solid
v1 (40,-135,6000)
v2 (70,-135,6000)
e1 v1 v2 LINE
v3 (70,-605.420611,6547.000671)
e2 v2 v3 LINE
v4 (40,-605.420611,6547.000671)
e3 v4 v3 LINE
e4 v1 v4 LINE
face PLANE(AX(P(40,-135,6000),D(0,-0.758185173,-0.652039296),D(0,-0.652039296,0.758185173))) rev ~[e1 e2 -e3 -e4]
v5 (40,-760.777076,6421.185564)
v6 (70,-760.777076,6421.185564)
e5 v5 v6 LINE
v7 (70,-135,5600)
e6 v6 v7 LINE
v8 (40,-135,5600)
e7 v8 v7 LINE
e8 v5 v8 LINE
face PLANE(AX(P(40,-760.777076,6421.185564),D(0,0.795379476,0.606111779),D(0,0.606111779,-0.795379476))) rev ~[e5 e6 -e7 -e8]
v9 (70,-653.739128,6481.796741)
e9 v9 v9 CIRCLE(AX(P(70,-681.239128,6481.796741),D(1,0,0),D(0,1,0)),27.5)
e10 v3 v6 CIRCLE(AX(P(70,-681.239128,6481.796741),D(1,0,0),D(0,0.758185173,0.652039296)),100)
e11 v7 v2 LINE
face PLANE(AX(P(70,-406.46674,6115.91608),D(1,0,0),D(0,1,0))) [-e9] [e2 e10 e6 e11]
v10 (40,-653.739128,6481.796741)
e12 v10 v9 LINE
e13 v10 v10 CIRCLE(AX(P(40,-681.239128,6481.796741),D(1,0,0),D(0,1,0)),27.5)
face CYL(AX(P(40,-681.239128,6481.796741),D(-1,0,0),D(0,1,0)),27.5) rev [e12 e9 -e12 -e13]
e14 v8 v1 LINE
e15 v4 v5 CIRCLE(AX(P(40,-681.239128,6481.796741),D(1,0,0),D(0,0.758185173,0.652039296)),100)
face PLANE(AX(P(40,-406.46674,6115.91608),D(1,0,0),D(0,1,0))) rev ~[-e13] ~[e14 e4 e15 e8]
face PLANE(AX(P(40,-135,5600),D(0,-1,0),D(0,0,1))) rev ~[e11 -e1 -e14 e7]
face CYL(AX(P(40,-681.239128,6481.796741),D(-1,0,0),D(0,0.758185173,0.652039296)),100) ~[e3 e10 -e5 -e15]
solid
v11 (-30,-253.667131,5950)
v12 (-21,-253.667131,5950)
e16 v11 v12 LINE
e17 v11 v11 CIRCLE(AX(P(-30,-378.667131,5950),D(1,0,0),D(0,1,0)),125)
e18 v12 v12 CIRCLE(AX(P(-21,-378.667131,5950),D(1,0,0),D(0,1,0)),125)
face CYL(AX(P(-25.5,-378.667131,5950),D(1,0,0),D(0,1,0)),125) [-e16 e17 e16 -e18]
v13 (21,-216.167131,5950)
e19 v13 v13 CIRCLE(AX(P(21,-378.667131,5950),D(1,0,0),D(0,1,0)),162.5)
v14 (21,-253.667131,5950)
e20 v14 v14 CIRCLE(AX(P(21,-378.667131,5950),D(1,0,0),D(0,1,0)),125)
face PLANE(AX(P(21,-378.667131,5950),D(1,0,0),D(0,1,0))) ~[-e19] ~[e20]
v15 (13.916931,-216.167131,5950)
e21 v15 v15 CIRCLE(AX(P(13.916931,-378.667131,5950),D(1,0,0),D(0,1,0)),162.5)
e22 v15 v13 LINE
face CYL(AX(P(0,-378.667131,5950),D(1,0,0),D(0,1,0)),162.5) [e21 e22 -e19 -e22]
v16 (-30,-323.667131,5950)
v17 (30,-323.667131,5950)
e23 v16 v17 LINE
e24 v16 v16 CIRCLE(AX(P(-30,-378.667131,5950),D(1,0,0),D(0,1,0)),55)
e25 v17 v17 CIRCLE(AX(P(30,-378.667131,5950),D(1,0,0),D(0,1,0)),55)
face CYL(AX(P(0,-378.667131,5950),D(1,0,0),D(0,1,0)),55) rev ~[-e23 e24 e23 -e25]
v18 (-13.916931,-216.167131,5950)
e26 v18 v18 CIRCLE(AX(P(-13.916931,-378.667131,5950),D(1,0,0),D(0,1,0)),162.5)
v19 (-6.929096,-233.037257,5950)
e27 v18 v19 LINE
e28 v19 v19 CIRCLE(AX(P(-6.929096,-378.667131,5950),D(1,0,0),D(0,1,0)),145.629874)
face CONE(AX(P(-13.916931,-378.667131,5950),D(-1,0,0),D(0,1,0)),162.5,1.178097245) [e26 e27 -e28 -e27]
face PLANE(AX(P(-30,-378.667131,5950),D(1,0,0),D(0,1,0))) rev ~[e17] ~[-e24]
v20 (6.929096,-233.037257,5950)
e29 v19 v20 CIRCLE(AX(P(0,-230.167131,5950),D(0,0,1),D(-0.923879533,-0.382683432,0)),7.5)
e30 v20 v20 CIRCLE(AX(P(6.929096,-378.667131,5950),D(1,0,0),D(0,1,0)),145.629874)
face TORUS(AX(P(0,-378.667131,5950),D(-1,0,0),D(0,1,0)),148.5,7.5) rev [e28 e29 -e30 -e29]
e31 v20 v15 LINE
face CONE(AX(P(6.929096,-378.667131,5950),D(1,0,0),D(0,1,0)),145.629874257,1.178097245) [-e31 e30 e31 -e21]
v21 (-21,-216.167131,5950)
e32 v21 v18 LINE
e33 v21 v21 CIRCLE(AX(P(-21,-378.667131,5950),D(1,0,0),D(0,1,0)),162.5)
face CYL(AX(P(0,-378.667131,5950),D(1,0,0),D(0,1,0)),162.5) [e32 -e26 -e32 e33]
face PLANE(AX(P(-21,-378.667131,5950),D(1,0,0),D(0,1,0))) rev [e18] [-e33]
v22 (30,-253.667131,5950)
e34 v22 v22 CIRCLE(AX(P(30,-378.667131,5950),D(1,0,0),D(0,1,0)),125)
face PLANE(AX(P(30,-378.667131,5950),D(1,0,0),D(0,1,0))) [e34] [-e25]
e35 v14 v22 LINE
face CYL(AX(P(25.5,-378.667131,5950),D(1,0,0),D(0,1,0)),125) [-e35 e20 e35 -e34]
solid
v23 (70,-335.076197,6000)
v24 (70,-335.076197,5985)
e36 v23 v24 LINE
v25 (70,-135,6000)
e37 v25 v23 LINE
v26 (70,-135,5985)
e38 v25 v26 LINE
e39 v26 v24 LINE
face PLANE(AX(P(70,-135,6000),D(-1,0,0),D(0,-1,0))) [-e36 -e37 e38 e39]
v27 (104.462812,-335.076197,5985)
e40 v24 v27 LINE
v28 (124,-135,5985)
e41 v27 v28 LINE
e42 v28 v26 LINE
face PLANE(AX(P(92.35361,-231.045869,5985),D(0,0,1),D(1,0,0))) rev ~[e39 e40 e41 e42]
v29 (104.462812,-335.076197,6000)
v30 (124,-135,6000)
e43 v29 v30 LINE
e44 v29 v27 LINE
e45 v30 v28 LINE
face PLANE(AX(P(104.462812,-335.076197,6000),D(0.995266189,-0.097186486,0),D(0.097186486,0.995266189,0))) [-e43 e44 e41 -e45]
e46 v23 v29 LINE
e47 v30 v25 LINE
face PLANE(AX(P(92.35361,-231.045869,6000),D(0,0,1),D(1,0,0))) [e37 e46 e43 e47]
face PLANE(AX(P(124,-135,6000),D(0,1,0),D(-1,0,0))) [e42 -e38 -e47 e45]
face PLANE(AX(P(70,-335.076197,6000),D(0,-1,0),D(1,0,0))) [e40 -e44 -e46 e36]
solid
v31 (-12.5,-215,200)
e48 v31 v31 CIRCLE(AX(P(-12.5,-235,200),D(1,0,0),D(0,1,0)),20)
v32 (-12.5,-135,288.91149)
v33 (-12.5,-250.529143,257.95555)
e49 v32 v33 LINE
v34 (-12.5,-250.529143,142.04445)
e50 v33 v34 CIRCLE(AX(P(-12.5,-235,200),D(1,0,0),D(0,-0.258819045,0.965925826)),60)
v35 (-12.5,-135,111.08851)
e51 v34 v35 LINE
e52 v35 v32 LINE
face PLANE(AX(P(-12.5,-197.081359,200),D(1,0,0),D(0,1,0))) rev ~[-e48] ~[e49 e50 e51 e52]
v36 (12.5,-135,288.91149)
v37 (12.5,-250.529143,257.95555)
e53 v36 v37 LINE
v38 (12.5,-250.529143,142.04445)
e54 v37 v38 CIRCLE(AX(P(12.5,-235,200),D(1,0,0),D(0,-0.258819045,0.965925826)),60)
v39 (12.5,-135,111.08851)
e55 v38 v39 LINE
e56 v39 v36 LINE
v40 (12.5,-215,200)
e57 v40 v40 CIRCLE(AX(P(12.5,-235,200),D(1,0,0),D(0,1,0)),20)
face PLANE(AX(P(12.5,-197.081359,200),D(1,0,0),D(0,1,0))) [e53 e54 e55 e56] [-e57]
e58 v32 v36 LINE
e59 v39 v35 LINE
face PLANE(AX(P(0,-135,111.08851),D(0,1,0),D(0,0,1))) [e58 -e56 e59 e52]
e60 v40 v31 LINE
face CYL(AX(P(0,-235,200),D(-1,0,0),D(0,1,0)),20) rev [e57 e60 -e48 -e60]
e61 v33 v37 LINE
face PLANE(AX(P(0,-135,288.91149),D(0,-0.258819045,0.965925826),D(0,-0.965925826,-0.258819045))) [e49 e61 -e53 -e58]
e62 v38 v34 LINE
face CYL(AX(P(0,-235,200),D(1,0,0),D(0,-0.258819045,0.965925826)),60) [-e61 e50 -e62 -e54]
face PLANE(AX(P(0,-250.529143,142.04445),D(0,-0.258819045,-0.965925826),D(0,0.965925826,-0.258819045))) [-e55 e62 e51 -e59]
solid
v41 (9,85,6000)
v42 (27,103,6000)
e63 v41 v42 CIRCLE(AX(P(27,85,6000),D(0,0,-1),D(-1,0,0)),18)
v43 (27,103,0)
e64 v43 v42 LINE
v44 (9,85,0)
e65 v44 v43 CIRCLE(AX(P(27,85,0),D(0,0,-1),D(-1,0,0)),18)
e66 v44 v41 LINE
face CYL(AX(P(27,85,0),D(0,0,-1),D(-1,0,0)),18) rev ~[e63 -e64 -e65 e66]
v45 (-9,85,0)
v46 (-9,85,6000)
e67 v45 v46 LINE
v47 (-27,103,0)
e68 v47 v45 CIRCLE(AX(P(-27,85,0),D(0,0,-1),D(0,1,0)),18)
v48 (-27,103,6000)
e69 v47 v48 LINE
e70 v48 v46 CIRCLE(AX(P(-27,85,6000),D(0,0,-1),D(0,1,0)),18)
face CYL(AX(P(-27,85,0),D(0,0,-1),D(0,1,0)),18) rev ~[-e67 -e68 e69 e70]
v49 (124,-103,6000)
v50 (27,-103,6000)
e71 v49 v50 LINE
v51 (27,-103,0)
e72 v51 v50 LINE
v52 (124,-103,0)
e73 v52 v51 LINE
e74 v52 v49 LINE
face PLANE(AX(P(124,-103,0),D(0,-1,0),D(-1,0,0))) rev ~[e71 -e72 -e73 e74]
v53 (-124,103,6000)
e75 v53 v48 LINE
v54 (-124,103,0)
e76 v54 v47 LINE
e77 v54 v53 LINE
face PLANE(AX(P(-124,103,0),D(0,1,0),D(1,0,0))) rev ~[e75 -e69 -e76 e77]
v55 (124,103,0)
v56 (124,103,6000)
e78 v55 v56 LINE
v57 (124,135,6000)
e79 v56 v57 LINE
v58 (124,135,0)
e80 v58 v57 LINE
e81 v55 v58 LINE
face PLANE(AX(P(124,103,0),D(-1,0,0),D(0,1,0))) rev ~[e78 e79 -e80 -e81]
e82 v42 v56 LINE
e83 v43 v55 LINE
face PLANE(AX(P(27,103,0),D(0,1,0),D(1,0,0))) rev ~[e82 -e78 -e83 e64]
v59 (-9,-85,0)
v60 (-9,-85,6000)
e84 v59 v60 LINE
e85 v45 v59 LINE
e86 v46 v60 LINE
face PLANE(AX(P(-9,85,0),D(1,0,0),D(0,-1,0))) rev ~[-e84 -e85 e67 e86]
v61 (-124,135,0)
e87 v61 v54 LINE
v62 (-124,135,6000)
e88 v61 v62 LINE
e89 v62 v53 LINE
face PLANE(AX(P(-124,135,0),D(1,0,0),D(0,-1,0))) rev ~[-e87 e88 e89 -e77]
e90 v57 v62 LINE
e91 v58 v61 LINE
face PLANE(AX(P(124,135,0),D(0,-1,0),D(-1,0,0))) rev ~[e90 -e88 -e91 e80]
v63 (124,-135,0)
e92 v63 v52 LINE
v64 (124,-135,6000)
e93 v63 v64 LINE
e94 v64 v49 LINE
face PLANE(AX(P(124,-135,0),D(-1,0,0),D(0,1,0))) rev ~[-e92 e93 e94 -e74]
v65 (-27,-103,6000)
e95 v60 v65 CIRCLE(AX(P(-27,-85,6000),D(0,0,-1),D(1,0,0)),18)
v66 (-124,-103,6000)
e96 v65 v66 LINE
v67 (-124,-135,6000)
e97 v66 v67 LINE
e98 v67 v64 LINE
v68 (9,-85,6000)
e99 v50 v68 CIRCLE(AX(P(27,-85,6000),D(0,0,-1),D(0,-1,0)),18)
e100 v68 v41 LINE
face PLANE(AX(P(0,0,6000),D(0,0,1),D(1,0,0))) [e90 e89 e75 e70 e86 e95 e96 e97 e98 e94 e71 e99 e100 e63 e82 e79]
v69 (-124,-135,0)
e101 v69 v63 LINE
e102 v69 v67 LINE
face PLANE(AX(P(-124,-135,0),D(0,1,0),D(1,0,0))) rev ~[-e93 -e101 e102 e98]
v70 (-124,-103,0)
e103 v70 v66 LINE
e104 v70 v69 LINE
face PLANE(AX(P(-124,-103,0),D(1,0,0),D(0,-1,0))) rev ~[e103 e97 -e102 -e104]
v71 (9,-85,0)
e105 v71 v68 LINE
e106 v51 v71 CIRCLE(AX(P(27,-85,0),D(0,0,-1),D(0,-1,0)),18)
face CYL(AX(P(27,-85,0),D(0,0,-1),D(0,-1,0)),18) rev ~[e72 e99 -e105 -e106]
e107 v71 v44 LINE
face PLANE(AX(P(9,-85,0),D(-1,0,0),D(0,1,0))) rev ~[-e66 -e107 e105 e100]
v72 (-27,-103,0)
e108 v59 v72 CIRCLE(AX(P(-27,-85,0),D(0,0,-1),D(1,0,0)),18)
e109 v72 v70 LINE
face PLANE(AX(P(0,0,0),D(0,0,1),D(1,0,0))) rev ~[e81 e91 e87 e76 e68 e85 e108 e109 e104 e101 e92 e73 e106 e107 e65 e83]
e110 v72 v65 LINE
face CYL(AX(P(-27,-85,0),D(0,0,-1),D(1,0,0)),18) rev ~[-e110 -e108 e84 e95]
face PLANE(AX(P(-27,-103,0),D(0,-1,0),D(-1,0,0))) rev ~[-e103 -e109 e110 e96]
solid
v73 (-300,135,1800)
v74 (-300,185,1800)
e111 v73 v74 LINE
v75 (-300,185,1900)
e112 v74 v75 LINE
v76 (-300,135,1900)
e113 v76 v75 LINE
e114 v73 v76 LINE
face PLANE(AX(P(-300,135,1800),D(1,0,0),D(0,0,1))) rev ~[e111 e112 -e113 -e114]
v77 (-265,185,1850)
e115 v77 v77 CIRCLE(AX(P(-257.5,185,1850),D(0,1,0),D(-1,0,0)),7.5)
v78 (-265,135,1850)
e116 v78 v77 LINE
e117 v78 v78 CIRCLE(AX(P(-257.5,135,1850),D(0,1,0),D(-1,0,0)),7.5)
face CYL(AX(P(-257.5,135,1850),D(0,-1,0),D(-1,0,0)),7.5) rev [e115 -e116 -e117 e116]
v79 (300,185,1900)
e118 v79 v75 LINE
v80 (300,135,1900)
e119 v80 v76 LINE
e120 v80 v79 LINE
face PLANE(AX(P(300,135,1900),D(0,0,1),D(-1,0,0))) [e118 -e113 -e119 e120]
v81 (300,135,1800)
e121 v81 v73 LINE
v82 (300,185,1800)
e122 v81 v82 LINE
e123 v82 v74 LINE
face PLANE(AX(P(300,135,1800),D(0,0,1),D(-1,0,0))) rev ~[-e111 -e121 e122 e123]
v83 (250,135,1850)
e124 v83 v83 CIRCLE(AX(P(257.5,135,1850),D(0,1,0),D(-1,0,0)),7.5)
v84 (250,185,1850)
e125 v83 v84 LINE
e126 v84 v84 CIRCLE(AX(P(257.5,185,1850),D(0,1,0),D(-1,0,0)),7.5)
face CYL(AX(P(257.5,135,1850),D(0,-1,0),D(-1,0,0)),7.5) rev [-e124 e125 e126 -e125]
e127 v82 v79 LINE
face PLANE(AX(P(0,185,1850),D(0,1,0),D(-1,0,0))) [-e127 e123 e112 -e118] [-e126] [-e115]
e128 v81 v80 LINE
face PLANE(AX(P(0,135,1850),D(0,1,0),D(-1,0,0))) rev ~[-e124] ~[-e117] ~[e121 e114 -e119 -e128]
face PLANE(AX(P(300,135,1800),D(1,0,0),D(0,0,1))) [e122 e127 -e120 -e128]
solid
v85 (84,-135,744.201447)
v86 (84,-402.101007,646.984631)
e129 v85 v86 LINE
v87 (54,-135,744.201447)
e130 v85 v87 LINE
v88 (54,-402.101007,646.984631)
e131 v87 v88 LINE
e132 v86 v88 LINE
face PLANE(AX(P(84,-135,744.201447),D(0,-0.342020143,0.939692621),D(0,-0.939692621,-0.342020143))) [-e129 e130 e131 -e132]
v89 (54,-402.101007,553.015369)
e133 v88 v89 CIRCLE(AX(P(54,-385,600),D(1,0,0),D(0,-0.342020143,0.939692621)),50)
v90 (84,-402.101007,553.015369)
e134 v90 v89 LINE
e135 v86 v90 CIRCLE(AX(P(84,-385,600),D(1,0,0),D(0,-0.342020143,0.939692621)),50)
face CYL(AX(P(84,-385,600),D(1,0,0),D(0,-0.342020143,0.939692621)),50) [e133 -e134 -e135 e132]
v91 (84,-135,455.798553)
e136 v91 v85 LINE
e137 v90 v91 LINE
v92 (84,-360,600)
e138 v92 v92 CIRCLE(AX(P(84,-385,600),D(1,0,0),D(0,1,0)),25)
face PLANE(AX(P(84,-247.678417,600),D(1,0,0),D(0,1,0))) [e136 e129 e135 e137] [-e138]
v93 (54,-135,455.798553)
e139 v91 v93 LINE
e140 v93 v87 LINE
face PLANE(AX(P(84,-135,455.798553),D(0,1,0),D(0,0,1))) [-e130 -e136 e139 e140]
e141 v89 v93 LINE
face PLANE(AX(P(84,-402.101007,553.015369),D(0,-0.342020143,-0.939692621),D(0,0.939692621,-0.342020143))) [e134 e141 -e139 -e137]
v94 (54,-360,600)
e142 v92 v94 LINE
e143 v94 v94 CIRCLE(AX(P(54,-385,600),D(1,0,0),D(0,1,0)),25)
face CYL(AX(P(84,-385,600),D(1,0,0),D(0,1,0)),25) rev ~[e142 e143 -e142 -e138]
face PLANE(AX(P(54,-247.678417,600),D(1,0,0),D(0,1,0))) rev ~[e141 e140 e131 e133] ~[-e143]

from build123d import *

# Parameters (mm, degrees)
F1_DEPTH  = 6000
F3_START  = -40
F2_R      = 25
F3_DEPTH  = 30
F5_W      = 600
F5_H      = 100
F5_R      = 7.5
F6_DEPTH  = 50
F8_R      = 20
F9_DEPTH  = 12.5
F11_START = 40
F10_R     = 27.5
F11_DEPTH = 30
F4_R      = 162.5
F4_R_2    = 19.1642620286
F12_DEPTH = 30
F13_W     = 9
F13_H     = 37.5
F13_W_2   = 60
F13_H_2   = 55
F16_DEPTH = 15


with BuildPart() as f1:
    # F0 (on Top) → F1 (new body)
    with BuildSketch(Plane.XY):
        with BuildLine():
            Line((124, 135), (0, 135))
            Line((0, 135), (-124, 135))
            Line((-124, 135), (-124, 103))
            Line((-124, 103), (-27, 103))
            ThreePointArc((-27, 103), (-14.2720779386, 97.7279220614), (-9, 85))
            Line((-9, 85), (-9, 0))
            Line((-9, 0), (-9, -85))
            ThreePointArc((-9, -85), (-14.2720779386, -97.7279220614), (-27, -103))
            Line((-27, -103), (-124, -103))
            Line((-124, -103), (-124, -135))
            Line((-124, -135), (0, -135))
            Line((0, -135), (124, -135))
            Line((124, -135), (124, -103))
            Line((124, -103), (27, -103))
            ThreePointArc((27, -103), (14.2720779386, -97.7279220614), (9, -85))
            Line((9, -85), (9, 0))
            Line((9, 0), (9, 85))
            ThreePointArc((9, 85), (14.2720779386, 97.7279220614), (27, 103))
            Line((27, 103), (124, 103))
            Line((124, 103), (124, 135))
        make_face()
    extrude(amount=F1_DEPTH)


with BuildPart() as f3:
    # F2 (on face) → F3 (new body)
    with BuildSketch(Plane.YZ.offset(124).offset(F3_START)):
        with BuildLine():
            Line((-135, 455.7985528097), (-135, 744.2014471903))
            Line((-135, 744.2014471903), (-402.1010071663, 646.9846310393))
            ThreePointArc((-402.1010071663, 646.9846310393), (-435, 600), (-402.1010071663, 553.0153689607))
            Line((-402.1010071663, 553.0153689607), (-135, 455.7985528097))
        make_face()
        with Locations((-385, 600)):
            Circle(F2_R, mode=Mode.SUBTRACT)
    extrude(amount=-F3_DEPTH)


with BuildPart() as f6:
    # F5 (on face) → F6 (new body)
    with BuildSketch(Plane(origin=(0, 135, 0), x_dir=(-1, 0, 0), z_dir=(0, 1, 0))):
        with Locations((0, 1850)):
            Rectangle(F5_W, F5_H)
        with Locations((-257.5, 1850)):
            Circle(F5_R, mode=Mode.SUBTRACT)
        with Locations((257.5, 1850)):
            Circle(F5_R, mode=Mode.SUBTRACT)
    extrude(amount=F6_DEPTH)


with BuildPart() as f9:
    # F8 (on Right) → F9 (new body, symmetric)
    with BuildSketch(Plane.YZ):
        with BuildLine():
            Line((-135, 111.0885099323), (-135, 288.9114900677))
            Line((-135, 288.9114900677), (-250.5291427062, 257.9555495773))
            ThreePointArc((-250.5291427062, 257.9555495773), (-295, 200), (-250.5291427062, 142.0444504227))
            Line((-250.5291427062, 142.0444504227), (-135, 111.0885099323))
        make_face()
        with Locations((-235, 200)):
            Circle(F8_R, mode=Mode.SUBTRACT)
    extrude(amount=F9_DEPTH, both=True)


with BuildPart() as f11:
    # F10 (on Right) → F11 (new body)
    with BuildSketch(Plane.YZ.offset(F11_START)):
        with BuildLine():
            Line((-135, 5600), (-135, 6000))
            Line((-135, 6000), (-605.4206107898, 6547.0006710523))
            ThreePointArc((-605.4206107898, 6547.0006710523), (-744.1741649128, 6559.50891005), (-760.7770757471, 6421.1855635881))
            Line((-760.7770757471, 6421.1855635881), (-135, 5600))
        make_face()
        with Locations((-681.2391281128, 6481.7967414856)):
            Circle(F10_R, mode=Mode.SUBTRACT)
    extrude(amount=F11_DEPTH)


with BuildPart() as f12:
    # F4 (on Right) → F12 (new body, symmetric)
    with BuildSketch(Plane.YZ):
        with Locations((-378.6671314531, 5950)):
            Circle(F4_R)
        with Locations((-378.6671314531, 5950)):
            Circle(F4_R_2, mode=Mode.SUBTRACT)
    extrude(amount=F12_DEPTH, both=True)

    # F13 (on plane+point) → F14 (revolve, cut)
    with BuildSketch(Plane.XY.offset(5950)):
        with Locations((-25.5, -234.9171314531)):
            Rectangle(F13_W, F13_H)
        with BuildLine():
            Line((13.9169313754, -216.1671314531), (-13.9169313754, -216.1671314531))
            Line((-13.9169313754, -216.1671314531), (-6.9290964938, -233.0372571958))
            ThreePointArc((-6.9290964938, -233.0372571958), (0, -237.6671314531), (6.9290964938, -233.0372571958))
            Line((6.9290964938, -233.0372571958), (13.9169313754, -216.1671314531))
        make_face()
        with Locations((25.5, -234.9171314531)):
            Rectangle(F13_W, F13_H)
        with Locations((0, -351.1671314531)):
            Rectangle(F13_W_2, F13_H_2)
    revolve(axis=Axis((0, -378.6671314531, 5950), (1, 0, 0)), mode=Mode.SUBTRACT)


with BuildPart() as f16:
    # F15 (on face) → F16 (new body)
    with BuildSketch(Plane.XY.offset(6000)):
        Polygon((70, -135), (70, -335.0761973858), (104.4628120399, -335.0761973858), (124, -135), align=None)
    extrude(amount=-F16_DEPTH)


solid = Compound([f1.part, f3.part, f6.part, f9.part, f11.part, f12.part, f16.part])
